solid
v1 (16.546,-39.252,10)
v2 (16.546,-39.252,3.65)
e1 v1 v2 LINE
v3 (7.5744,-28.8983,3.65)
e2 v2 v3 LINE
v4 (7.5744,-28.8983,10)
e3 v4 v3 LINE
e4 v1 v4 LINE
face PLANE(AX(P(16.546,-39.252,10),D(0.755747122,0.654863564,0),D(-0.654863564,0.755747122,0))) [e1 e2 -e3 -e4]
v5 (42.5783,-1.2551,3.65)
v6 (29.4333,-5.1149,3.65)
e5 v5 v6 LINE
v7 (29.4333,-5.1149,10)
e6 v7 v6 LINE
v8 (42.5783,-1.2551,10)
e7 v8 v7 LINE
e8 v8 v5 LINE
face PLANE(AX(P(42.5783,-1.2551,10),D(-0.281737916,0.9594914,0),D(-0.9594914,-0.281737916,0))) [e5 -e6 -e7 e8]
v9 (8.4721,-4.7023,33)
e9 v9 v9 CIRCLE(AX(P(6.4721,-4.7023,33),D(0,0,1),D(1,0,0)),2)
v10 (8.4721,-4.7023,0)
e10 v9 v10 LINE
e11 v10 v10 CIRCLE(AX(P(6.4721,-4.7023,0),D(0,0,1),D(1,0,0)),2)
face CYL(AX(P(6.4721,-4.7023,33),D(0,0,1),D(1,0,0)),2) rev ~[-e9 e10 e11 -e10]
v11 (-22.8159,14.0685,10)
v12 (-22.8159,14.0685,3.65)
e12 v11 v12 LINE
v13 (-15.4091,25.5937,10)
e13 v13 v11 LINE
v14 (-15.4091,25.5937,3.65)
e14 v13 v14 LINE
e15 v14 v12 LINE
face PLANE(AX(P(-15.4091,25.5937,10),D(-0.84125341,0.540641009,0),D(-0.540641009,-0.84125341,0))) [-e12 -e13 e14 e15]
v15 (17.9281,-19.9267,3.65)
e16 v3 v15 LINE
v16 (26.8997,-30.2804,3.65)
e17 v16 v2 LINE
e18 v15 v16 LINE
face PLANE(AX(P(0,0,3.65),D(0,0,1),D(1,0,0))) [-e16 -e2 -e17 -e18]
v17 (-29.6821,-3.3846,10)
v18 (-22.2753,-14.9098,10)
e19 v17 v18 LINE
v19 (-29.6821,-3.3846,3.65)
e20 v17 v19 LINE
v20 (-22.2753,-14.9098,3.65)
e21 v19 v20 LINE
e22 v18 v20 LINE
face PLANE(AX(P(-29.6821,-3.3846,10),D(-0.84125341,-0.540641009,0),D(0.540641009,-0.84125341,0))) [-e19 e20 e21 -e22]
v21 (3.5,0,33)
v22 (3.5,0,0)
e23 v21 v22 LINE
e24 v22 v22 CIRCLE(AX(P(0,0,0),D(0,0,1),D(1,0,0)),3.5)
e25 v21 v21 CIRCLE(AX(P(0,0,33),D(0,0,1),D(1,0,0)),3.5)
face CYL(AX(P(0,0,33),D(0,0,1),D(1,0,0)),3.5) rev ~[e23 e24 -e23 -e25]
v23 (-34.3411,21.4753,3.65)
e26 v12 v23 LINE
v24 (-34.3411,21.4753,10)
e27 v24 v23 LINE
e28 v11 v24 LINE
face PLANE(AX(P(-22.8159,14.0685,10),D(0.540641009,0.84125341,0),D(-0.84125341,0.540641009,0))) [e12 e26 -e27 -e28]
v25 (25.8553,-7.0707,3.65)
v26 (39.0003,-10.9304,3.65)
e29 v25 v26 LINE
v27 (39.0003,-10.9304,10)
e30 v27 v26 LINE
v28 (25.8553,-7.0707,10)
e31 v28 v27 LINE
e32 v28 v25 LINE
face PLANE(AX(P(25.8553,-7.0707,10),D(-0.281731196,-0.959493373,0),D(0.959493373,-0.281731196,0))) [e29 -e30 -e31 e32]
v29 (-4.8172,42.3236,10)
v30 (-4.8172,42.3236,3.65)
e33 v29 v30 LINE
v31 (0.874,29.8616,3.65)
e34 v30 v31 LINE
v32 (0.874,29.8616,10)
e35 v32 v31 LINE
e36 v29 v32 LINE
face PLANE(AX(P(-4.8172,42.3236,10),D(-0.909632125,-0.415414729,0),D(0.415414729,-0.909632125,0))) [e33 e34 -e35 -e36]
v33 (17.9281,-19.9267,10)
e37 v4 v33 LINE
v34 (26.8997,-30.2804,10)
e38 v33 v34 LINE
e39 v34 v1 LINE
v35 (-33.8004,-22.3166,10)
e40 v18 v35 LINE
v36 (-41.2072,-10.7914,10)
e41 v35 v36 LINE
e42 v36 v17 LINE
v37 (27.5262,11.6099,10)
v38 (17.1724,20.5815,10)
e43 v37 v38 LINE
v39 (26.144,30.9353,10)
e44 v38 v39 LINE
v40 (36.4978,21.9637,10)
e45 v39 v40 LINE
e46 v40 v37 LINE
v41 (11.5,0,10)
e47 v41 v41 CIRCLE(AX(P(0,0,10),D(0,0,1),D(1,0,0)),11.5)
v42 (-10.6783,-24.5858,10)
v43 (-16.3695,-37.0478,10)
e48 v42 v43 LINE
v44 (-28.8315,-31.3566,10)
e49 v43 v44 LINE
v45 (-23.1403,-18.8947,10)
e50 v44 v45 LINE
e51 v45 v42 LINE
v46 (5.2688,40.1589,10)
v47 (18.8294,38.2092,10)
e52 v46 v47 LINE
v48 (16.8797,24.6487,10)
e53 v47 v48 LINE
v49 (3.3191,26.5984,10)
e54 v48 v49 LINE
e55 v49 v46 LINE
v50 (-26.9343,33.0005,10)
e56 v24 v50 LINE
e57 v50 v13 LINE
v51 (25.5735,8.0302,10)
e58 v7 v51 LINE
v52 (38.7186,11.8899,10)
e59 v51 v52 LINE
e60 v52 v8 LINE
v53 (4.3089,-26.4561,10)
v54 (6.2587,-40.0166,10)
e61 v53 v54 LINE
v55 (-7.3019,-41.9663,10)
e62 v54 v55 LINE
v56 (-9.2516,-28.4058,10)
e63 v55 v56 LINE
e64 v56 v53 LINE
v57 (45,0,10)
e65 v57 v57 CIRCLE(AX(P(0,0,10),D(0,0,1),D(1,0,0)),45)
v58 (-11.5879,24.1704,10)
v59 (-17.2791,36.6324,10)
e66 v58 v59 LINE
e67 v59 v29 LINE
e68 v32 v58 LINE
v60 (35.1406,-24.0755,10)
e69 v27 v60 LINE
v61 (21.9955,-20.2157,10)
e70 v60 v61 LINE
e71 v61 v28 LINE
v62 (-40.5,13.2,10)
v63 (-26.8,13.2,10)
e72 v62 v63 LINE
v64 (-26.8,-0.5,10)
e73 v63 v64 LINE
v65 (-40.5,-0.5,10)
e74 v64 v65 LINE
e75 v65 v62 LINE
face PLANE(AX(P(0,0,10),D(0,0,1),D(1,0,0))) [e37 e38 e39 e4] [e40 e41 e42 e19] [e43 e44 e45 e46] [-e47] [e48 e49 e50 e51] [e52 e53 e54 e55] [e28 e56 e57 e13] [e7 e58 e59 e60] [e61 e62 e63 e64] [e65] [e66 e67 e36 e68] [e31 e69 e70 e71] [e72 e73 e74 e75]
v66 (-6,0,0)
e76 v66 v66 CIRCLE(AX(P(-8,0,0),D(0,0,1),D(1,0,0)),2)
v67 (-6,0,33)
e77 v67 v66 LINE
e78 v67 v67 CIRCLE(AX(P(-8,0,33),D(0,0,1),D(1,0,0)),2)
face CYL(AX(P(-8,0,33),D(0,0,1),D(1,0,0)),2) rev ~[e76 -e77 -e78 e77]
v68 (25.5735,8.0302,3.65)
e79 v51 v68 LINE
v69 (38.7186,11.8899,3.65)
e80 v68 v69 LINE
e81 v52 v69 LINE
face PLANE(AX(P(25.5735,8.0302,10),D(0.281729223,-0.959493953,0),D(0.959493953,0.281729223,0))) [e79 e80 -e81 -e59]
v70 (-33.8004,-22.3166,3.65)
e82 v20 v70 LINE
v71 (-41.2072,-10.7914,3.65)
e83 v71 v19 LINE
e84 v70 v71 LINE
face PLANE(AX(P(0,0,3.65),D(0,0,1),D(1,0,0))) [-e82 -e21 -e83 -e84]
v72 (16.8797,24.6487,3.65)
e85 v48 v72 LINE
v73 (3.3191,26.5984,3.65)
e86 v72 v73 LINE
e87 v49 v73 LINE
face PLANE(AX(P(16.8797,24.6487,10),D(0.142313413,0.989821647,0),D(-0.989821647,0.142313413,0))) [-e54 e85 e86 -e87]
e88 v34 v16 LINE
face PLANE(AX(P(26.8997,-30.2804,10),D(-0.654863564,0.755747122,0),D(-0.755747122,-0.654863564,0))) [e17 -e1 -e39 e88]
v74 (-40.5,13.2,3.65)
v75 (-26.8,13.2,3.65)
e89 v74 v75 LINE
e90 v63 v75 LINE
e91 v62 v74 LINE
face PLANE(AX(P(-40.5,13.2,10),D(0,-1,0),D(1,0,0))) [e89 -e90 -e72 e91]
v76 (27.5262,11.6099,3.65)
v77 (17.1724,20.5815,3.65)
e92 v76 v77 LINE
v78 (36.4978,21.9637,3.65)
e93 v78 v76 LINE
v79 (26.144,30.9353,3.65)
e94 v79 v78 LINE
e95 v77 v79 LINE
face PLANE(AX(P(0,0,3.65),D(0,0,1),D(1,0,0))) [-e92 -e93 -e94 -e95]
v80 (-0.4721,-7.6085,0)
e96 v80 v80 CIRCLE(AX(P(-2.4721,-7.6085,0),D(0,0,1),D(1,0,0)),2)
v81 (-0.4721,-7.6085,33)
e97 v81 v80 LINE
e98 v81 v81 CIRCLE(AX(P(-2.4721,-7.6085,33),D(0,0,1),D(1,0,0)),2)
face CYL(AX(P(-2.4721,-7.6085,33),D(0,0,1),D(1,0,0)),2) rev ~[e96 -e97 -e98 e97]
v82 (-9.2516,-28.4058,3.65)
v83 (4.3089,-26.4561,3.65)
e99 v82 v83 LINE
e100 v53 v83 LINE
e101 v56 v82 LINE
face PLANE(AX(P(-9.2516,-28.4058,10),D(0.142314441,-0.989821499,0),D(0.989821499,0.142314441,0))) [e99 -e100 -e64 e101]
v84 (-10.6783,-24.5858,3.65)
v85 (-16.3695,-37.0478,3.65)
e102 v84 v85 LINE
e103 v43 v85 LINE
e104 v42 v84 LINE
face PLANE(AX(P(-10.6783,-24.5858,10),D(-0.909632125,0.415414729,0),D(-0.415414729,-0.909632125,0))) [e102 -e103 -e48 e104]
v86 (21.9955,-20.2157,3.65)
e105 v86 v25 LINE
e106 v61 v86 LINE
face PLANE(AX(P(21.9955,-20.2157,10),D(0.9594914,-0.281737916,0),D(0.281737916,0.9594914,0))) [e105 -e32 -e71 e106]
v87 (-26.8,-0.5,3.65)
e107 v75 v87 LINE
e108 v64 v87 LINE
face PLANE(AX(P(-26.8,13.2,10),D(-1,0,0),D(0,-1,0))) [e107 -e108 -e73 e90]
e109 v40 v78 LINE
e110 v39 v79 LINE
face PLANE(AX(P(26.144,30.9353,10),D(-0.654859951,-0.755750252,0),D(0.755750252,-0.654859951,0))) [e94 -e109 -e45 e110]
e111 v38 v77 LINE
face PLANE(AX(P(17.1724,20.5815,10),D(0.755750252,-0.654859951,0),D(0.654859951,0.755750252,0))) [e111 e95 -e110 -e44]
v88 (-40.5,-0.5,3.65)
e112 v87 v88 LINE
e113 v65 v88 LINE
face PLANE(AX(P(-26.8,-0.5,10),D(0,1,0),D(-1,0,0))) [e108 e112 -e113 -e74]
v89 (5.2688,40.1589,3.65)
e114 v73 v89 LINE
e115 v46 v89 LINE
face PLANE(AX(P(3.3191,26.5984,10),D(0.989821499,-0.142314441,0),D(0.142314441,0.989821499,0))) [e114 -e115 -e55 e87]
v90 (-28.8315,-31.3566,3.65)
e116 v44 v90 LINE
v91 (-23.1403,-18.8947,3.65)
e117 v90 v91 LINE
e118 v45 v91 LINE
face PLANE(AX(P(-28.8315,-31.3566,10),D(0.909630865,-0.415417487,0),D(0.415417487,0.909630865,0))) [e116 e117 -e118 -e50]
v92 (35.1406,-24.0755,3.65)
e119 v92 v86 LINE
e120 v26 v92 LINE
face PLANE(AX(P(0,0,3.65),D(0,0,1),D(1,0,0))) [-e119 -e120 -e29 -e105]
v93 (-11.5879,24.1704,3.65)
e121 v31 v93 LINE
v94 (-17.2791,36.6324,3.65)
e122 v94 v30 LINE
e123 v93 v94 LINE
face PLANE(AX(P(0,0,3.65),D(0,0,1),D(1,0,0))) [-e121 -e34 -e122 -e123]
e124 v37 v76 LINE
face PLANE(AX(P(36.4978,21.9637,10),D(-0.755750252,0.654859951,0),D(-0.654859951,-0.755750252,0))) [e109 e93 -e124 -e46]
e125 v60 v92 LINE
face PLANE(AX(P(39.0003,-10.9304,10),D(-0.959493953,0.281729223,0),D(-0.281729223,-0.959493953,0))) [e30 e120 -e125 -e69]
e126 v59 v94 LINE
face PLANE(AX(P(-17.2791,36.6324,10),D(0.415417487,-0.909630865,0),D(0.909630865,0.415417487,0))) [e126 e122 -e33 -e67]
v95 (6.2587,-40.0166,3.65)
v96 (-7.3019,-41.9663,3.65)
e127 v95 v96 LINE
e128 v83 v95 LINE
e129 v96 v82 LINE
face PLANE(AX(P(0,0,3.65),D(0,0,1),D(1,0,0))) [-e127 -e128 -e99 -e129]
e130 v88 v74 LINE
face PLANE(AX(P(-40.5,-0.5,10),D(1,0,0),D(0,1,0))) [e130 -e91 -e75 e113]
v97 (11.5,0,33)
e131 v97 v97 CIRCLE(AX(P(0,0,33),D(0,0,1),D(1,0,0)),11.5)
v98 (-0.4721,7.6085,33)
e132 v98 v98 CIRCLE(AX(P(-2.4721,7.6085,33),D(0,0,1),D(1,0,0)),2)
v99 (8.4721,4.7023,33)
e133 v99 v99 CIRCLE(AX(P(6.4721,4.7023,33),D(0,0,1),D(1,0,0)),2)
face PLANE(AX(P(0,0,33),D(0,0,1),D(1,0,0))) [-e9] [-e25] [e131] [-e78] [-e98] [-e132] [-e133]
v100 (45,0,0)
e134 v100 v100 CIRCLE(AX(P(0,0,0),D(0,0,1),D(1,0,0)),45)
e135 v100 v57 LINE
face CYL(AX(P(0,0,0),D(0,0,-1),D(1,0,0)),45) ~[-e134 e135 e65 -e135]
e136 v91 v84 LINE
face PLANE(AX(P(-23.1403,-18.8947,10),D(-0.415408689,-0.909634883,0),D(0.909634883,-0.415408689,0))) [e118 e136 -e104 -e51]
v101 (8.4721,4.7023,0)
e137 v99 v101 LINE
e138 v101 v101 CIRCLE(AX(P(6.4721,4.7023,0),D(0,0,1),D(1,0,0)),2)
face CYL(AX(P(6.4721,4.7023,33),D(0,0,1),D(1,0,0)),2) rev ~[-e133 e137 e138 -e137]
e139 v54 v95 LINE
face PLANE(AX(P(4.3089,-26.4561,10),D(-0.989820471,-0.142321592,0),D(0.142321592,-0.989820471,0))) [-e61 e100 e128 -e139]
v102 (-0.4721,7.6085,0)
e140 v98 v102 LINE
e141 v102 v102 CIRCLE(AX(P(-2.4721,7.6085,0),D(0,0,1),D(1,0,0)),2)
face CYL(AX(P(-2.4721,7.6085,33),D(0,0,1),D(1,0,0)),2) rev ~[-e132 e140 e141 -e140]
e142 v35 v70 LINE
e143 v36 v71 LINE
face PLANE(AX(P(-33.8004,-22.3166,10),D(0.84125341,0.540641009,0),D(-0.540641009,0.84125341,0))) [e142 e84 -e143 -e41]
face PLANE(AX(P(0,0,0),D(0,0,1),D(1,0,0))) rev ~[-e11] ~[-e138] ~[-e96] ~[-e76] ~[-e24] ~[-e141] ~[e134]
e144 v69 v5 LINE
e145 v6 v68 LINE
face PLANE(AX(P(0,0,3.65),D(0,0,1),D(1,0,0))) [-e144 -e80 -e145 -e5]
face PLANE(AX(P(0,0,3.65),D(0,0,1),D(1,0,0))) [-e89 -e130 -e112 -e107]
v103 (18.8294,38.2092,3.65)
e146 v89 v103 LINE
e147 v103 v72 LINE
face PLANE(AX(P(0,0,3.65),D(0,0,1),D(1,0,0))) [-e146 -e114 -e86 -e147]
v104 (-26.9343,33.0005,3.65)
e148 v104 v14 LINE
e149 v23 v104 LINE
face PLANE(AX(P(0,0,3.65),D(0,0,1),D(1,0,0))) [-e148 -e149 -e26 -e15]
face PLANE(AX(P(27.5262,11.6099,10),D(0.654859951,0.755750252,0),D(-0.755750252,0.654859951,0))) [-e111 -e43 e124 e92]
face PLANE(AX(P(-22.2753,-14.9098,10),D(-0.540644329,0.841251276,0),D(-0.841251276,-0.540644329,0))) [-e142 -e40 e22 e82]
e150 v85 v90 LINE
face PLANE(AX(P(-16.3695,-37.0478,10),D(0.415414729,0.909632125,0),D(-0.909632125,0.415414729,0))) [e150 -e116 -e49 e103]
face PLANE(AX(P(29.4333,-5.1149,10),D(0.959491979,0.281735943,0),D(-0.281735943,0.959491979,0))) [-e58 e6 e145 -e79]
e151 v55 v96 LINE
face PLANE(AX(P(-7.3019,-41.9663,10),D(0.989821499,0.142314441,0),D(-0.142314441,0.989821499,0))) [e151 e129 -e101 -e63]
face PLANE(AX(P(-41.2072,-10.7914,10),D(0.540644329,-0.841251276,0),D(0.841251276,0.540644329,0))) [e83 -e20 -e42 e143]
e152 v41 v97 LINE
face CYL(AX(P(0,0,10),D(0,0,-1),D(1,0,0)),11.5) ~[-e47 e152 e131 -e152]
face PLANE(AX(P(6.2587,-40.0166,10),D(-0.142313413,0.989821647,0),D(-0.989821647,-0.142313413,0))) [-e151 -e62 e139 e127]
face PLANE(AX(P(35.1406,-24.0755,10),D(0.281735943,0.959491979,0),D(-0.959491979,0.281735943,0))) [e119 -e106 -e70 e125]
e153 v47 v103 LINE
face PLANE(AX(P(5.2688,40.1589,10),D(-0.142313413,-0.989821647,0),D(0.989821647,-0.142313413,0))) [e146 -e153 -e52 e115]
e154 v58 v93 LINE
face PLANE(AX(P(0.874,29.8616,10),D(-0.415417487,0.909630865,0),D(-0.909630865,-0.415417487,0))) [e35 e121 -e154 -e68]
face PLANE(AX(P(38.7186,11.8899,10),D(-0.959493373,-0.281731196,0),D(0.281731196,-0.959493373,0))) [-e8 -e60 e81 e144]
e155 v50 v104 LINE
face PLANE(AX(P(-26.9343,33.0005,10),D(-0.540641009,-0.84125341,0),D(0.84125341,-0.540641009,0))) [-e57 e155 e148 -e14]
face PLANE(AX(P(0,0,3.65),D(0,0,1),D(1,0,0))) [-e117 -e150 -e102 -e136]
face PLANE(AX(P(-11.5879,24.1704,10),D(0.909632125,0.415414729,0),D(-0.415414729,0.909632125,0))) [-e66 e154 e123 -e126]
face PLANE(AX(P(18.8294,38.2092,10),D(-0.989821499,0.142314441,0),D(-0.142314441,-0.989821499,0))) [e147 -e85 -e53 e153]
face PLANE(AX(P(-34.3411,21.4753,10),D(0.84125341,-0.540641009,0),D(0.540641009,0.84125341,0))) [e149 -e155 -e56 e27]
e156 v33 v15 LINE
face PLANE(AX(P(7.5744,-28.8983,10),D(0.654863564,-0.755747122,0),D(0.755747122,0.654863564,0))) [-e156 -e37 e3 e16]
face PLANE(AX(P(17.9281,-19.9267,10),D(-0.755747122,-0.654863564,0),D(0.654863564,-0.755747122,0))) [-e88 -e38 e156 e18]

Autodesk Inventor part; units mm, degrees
ref_plane "YZ Plane" through (0, 0, 0) normal (1, 0, 0) x (0, 1, 0)
ref_plane "XZ Plane" through (0, 0, 0) normal (0, 1, 0) x (-1, 0, 0)
ref_plane "XY Plane" through (0, 0, 0) normal (0, 0, 1) x (1, 0, 0)
sketch "Sketch2" plane through (0, 0, 0) normal (0, 0, 1) x (1, 0, 0)
  circle A0 centre (0, 0) radius 45
  dimension "d0" = 90
extrude "Extrusion1" add sketch "Sketch2" along normal blind 10
sketch "Sketch4" plane through (0, 0, 10) normal (0, 0, 1) x (1, 0, 0)
  circle A0 centre (0, 0) radius 11.5
  dimension "d14" = 23
extrude "Extrusion3" add sketch "Sketch4" along normal blind 23
sketch "Sketch5" plane through (0, 0, 33) normal (0, 0, 1) x (1, 0, 0)
  circle A0 centre (-8, 0) radius 2
  circle A1 centre (0, 0) radius 3.5
  circle A2 centre (0, 0) radius 11.5 construction
  circle A3 centre (-2.4721, -7.6085) radius 2
  circle A4 centre (6.4721, -4.7023) radius 2
  circle A5 centre (6.4721, 4.7023) radius 2
  circle A6 centre (-2.4721, 7.6085) radius 2
  dimension "d19" = 4
  dimension "d20" = 8
  dimension "d21" = 360
  dimension "d22" = 7
extrude "Extrusion4" cut sketch "Sketch5" against normal through all
sketch "Sketch6" plane through (0, 0, 10) normal (0, 0, 1) x (1, 0, 0)
  line L0 (-40, 0) -> (-27.3, 0)
  line L1 (-27.3, 0) -> (-27.3, 12.7)
  line L2 (-27.3, 12.7) -> (-40, 12.7)
  line L3 (-40, 12.7) -> (-40, 0)
  line L4 (-40.5, 13.2) -> (-26.8, 13.2)
  line L5 (-26.8, 13.2) -> (-26.8, -0.5)
  line L6 (-26.8, -0.5) -> (-40.5, -0.5)
  line L7 (-40.5, -0.5) -> (-40.5, 13.2)
  line L8 (-33.6501, -21.6256) -> (-22.9662, -14.7595)
  line L9 (-22.9662, -14.7595) -> (-29.8324, -4.0756)
  line L10 (-29.8324, -4.0756) -> (-40.5163, -10.9417)
  line L11 (-40.5163, -10.9417) -> (-33.6501, -21.6256)
  line L12 (-41.2072, -10.7914) -> (-29.6821, -3.3846)
  line L13 (-29.6821, -3.3846) -> (-22.2753, -14.9098)
  line L14 (-22.2753, -14.9098) -> (-33.8004, -22.3166)
  line L15 (-33.8004, -22.3166) -> (-41.2072, -10.7914)
  line L16 (-16.6166, -36.3853) -> (-11.3408, -24.833)
  line L17 (-11.3408, -24.833) -> (-22.8932, -19.5572)
  line L18 (-22.8932, -19.5572) -> (-28.1689, -31.1095)
  line L19 (-28.1689, -31.1095) -> (-16.6166, -36.3853)
  line L20 (-28.8315, -31.3566) -> (-23.1403, -18.8947)
  line L21 (-23.1403, -18.8947) -> (-10.6783, -24.5858)
  line L22 (-10.6783, -24.5858) -> (-16.3695, -37.0478)
  line L23 (-16.3695, -37.0478) -> (-28.8315, -31.3566)
  line L24 (5.6926, -39.5929) -> (3.8852, -27.0221)
  line L25 (3.8852, -27.0221) -> (-8.6855, -28.8295)
  line L26 (-8.6855, -28.8295) -> (-6.8781, -41.4003)
  line L27 (-6.8781, -41.4003) -> (5.6926, -39.5929)
  line L28 (-7.3019, -41.9663) -> (-9.2516, -28.4058)
  line L29 (-9.2516, -28.4058) -> (4.3089, -26.4561)
  line L30 (4.3089, -26.4561) -> (6.2587, -40.0166)
  line L31 (6.2587, -40.0166) -> (-7.3019, -41.9663)
  line L32 (26.1944, -30.23) -> (17.8777, -20.632)
  line L33 (17.8777, -20.632) -> (8.2797, -28.9487)
  line L34 (8.2797, -28.9487) -> (16.5964, -38.5467)
  line L35 (16.5964, -38.5467) -> (26.1944, -30.23)
  line L36 (16.546, -39.252) -> (7.5744, -28.8983)
  line L37 (7.5744, -28.8983) -> (17.9281, -19.9267)
  line L38 (17.9281, -19.9267) -> (26.8997, -30.2804)
  line L39 (26.8997, -30.2804) -> (16.546, -39.252)
  line L40 (38.3797, -11.2693) -> (26.1942, -7.6913)
  line L41 (26.1942, -7.6913) -> (22.6162, -19.8769)
  line L42 (22.6162, -19.8769) -> (34.8017, -23.4549)
  line L43 (34.8017, -23.4549) -> (38.3797, -11.2693)
  line L44 (35.1406, -24.0755) -> (21.9955, -20.2157)
  line L45 (21.9955, -20.2157) -> (25.8553, -7.0707)
  line L46 (25.8553, -7.0707) -> (39.0003, -10.9304)
  line L47 (39.0003, -10.9304) -> (35.1406, -24.0755)
  line L48 (38.3797, 11.2693) -> (26.1942, 7.6913)
  line L49 (26.1942, 7.6913) -> (29.7722, -4.4943)
  line L50 (29.7722, -4.4943) -> (41.9577, -0.9163)
  line L51 (41.9577, -0.9163) -> (38.3797, 11.2693)
  line L52 (42.5783, -1.2551) -> (29.4333, -5.1149)
  line L53 (29.4333, -5.1149) -> (25.5735, 8.0302)
  line L54 (25.5735, 8.0302) -> (38.7186, 11.8899)
  line L55 (38.7186, 11.8899) -> (42.5783, -1.2551)
  line L56 (26.1944, 30.23) -> (17.8777, 20.632)
  line L57 (17.8777, 20.632) -> (27.4757, 12.3152)
  line L58 (27.4757, 12.3152) -> (35.7924, 21.9133)
  line L59 (35.7924, 21.9133) -> (26.1944, 30.23)
  line L60 (36.4978, 21.9637) -> (27.5262, 11.6099)
  line L61 (27.5262, 11.6099) -> (17.1724, 20.5815)
  line L62 (17.1724, 20.5815) -> (26.144, 30.9353)
  line L63 (26.144, 30.9353) -> (36.4978, 21.9637)
  line L64 (5.6926, 39.5929) -> (3.8852, 27.0221)
  line L65 (3.8852, 27.0221) -> (16.4559, 25.2147)
  line L66 (16.4559, 25.2147) -> (18.2633, 37.7855)
  line L67 (18.2633, 37.7855) -> (5.6926, 39.5929)
  line L68 (18.8294, 38.2092) -> (16.8797, 24.6487)
  line L69 (16.8797, 24.6487) -> (3.3191, 26.5984)
  line L70 (3.3191, 26.5984) -> (5.2688, 40.1589)
  line L71 (5.2688, 40.1589) -> (18.8294, 38.2092)
  line L72 (-16.6166, 36.3853) -> (-11.3408, 24.833)
  line L73 (-11.3408, 24.833) -> (0.2115, 30.1087)
  line L74 (0.2115, 30.1087) -> (-5.0643, 41.6611)
  line L75 (-5.0643, 41.6611) -> (-16.6166, 36.3853)
  line L76 (-4.8172, 42.3236) -> (0.874, 29.8616)
  line L77 (0.874, 29.8616) -> (-11.5879, 24.1704)
  line L78 (-11.5879, 24.1704) -> (-17.2791, 36.6324)
  line L79 (-17.2791, 36.6324) -> (-4.8172, 42.3236)
  line L80 (-33.6501, 21.6256) -> (-22.9662, 14.7595)
  line L81 (-22.9662, 14.7595) -> (-16.1001, 25.4434)
  line L82 (-16.1001, 25.4434) -> (-26.784, 32.3096)
  line L83 (-26.784, 32.3096) -> (-33.6501, 21.6256)
  line L84 (-26.9343, 33.0005) -> (-15.4091, 25.5937)
  line L85 (-15.4091, 25.5937) -> (-22.8159, 14.0685)
  line L86 (-22.8159, 14.0685) -> (-34.3411, 21.4753)
  line L87 (-34.3411, 21.4753) -> (-26.9343, 33.0005)
  point P0 (0, 0)
  dimension "d25" = 12.7
  dimension "d26" = 12.7
  dimension "d27" = 40
  dimension "d28" = 0.5
  dimension "d31" = 360
extrude "Extrusion5" cut sketch "Sketch6" against normal blind 6.35 contours L3 L2 L1 L0 | L4 L5 L6 L7 | L11 L10 L9 L8 | L12 L13 L14 L15 | L19 L18 L17 L16 | L20 L21 L22 L23 | L27 L26 L25 L24 | L28 L29 L30 L31 | L35 L34 L33 L32 | L36 L37 L38 L39 | L43 L42 L41 L40 | L44 L45 L46 L47 | L51 L50 L49 L48 | L52 L53 L54 L55 | L59 L58 L57 L56 | L60 L61 L62 L63 | L67 L66 L65 L64 | L68 L69 L70 L71 | L75 L74 L73 L72 | L76 L77 L78 L79 | L83 L82 L81 L80 | L84 L85 L86 L87
properties part number "SG02" material "ABS Plastic"
